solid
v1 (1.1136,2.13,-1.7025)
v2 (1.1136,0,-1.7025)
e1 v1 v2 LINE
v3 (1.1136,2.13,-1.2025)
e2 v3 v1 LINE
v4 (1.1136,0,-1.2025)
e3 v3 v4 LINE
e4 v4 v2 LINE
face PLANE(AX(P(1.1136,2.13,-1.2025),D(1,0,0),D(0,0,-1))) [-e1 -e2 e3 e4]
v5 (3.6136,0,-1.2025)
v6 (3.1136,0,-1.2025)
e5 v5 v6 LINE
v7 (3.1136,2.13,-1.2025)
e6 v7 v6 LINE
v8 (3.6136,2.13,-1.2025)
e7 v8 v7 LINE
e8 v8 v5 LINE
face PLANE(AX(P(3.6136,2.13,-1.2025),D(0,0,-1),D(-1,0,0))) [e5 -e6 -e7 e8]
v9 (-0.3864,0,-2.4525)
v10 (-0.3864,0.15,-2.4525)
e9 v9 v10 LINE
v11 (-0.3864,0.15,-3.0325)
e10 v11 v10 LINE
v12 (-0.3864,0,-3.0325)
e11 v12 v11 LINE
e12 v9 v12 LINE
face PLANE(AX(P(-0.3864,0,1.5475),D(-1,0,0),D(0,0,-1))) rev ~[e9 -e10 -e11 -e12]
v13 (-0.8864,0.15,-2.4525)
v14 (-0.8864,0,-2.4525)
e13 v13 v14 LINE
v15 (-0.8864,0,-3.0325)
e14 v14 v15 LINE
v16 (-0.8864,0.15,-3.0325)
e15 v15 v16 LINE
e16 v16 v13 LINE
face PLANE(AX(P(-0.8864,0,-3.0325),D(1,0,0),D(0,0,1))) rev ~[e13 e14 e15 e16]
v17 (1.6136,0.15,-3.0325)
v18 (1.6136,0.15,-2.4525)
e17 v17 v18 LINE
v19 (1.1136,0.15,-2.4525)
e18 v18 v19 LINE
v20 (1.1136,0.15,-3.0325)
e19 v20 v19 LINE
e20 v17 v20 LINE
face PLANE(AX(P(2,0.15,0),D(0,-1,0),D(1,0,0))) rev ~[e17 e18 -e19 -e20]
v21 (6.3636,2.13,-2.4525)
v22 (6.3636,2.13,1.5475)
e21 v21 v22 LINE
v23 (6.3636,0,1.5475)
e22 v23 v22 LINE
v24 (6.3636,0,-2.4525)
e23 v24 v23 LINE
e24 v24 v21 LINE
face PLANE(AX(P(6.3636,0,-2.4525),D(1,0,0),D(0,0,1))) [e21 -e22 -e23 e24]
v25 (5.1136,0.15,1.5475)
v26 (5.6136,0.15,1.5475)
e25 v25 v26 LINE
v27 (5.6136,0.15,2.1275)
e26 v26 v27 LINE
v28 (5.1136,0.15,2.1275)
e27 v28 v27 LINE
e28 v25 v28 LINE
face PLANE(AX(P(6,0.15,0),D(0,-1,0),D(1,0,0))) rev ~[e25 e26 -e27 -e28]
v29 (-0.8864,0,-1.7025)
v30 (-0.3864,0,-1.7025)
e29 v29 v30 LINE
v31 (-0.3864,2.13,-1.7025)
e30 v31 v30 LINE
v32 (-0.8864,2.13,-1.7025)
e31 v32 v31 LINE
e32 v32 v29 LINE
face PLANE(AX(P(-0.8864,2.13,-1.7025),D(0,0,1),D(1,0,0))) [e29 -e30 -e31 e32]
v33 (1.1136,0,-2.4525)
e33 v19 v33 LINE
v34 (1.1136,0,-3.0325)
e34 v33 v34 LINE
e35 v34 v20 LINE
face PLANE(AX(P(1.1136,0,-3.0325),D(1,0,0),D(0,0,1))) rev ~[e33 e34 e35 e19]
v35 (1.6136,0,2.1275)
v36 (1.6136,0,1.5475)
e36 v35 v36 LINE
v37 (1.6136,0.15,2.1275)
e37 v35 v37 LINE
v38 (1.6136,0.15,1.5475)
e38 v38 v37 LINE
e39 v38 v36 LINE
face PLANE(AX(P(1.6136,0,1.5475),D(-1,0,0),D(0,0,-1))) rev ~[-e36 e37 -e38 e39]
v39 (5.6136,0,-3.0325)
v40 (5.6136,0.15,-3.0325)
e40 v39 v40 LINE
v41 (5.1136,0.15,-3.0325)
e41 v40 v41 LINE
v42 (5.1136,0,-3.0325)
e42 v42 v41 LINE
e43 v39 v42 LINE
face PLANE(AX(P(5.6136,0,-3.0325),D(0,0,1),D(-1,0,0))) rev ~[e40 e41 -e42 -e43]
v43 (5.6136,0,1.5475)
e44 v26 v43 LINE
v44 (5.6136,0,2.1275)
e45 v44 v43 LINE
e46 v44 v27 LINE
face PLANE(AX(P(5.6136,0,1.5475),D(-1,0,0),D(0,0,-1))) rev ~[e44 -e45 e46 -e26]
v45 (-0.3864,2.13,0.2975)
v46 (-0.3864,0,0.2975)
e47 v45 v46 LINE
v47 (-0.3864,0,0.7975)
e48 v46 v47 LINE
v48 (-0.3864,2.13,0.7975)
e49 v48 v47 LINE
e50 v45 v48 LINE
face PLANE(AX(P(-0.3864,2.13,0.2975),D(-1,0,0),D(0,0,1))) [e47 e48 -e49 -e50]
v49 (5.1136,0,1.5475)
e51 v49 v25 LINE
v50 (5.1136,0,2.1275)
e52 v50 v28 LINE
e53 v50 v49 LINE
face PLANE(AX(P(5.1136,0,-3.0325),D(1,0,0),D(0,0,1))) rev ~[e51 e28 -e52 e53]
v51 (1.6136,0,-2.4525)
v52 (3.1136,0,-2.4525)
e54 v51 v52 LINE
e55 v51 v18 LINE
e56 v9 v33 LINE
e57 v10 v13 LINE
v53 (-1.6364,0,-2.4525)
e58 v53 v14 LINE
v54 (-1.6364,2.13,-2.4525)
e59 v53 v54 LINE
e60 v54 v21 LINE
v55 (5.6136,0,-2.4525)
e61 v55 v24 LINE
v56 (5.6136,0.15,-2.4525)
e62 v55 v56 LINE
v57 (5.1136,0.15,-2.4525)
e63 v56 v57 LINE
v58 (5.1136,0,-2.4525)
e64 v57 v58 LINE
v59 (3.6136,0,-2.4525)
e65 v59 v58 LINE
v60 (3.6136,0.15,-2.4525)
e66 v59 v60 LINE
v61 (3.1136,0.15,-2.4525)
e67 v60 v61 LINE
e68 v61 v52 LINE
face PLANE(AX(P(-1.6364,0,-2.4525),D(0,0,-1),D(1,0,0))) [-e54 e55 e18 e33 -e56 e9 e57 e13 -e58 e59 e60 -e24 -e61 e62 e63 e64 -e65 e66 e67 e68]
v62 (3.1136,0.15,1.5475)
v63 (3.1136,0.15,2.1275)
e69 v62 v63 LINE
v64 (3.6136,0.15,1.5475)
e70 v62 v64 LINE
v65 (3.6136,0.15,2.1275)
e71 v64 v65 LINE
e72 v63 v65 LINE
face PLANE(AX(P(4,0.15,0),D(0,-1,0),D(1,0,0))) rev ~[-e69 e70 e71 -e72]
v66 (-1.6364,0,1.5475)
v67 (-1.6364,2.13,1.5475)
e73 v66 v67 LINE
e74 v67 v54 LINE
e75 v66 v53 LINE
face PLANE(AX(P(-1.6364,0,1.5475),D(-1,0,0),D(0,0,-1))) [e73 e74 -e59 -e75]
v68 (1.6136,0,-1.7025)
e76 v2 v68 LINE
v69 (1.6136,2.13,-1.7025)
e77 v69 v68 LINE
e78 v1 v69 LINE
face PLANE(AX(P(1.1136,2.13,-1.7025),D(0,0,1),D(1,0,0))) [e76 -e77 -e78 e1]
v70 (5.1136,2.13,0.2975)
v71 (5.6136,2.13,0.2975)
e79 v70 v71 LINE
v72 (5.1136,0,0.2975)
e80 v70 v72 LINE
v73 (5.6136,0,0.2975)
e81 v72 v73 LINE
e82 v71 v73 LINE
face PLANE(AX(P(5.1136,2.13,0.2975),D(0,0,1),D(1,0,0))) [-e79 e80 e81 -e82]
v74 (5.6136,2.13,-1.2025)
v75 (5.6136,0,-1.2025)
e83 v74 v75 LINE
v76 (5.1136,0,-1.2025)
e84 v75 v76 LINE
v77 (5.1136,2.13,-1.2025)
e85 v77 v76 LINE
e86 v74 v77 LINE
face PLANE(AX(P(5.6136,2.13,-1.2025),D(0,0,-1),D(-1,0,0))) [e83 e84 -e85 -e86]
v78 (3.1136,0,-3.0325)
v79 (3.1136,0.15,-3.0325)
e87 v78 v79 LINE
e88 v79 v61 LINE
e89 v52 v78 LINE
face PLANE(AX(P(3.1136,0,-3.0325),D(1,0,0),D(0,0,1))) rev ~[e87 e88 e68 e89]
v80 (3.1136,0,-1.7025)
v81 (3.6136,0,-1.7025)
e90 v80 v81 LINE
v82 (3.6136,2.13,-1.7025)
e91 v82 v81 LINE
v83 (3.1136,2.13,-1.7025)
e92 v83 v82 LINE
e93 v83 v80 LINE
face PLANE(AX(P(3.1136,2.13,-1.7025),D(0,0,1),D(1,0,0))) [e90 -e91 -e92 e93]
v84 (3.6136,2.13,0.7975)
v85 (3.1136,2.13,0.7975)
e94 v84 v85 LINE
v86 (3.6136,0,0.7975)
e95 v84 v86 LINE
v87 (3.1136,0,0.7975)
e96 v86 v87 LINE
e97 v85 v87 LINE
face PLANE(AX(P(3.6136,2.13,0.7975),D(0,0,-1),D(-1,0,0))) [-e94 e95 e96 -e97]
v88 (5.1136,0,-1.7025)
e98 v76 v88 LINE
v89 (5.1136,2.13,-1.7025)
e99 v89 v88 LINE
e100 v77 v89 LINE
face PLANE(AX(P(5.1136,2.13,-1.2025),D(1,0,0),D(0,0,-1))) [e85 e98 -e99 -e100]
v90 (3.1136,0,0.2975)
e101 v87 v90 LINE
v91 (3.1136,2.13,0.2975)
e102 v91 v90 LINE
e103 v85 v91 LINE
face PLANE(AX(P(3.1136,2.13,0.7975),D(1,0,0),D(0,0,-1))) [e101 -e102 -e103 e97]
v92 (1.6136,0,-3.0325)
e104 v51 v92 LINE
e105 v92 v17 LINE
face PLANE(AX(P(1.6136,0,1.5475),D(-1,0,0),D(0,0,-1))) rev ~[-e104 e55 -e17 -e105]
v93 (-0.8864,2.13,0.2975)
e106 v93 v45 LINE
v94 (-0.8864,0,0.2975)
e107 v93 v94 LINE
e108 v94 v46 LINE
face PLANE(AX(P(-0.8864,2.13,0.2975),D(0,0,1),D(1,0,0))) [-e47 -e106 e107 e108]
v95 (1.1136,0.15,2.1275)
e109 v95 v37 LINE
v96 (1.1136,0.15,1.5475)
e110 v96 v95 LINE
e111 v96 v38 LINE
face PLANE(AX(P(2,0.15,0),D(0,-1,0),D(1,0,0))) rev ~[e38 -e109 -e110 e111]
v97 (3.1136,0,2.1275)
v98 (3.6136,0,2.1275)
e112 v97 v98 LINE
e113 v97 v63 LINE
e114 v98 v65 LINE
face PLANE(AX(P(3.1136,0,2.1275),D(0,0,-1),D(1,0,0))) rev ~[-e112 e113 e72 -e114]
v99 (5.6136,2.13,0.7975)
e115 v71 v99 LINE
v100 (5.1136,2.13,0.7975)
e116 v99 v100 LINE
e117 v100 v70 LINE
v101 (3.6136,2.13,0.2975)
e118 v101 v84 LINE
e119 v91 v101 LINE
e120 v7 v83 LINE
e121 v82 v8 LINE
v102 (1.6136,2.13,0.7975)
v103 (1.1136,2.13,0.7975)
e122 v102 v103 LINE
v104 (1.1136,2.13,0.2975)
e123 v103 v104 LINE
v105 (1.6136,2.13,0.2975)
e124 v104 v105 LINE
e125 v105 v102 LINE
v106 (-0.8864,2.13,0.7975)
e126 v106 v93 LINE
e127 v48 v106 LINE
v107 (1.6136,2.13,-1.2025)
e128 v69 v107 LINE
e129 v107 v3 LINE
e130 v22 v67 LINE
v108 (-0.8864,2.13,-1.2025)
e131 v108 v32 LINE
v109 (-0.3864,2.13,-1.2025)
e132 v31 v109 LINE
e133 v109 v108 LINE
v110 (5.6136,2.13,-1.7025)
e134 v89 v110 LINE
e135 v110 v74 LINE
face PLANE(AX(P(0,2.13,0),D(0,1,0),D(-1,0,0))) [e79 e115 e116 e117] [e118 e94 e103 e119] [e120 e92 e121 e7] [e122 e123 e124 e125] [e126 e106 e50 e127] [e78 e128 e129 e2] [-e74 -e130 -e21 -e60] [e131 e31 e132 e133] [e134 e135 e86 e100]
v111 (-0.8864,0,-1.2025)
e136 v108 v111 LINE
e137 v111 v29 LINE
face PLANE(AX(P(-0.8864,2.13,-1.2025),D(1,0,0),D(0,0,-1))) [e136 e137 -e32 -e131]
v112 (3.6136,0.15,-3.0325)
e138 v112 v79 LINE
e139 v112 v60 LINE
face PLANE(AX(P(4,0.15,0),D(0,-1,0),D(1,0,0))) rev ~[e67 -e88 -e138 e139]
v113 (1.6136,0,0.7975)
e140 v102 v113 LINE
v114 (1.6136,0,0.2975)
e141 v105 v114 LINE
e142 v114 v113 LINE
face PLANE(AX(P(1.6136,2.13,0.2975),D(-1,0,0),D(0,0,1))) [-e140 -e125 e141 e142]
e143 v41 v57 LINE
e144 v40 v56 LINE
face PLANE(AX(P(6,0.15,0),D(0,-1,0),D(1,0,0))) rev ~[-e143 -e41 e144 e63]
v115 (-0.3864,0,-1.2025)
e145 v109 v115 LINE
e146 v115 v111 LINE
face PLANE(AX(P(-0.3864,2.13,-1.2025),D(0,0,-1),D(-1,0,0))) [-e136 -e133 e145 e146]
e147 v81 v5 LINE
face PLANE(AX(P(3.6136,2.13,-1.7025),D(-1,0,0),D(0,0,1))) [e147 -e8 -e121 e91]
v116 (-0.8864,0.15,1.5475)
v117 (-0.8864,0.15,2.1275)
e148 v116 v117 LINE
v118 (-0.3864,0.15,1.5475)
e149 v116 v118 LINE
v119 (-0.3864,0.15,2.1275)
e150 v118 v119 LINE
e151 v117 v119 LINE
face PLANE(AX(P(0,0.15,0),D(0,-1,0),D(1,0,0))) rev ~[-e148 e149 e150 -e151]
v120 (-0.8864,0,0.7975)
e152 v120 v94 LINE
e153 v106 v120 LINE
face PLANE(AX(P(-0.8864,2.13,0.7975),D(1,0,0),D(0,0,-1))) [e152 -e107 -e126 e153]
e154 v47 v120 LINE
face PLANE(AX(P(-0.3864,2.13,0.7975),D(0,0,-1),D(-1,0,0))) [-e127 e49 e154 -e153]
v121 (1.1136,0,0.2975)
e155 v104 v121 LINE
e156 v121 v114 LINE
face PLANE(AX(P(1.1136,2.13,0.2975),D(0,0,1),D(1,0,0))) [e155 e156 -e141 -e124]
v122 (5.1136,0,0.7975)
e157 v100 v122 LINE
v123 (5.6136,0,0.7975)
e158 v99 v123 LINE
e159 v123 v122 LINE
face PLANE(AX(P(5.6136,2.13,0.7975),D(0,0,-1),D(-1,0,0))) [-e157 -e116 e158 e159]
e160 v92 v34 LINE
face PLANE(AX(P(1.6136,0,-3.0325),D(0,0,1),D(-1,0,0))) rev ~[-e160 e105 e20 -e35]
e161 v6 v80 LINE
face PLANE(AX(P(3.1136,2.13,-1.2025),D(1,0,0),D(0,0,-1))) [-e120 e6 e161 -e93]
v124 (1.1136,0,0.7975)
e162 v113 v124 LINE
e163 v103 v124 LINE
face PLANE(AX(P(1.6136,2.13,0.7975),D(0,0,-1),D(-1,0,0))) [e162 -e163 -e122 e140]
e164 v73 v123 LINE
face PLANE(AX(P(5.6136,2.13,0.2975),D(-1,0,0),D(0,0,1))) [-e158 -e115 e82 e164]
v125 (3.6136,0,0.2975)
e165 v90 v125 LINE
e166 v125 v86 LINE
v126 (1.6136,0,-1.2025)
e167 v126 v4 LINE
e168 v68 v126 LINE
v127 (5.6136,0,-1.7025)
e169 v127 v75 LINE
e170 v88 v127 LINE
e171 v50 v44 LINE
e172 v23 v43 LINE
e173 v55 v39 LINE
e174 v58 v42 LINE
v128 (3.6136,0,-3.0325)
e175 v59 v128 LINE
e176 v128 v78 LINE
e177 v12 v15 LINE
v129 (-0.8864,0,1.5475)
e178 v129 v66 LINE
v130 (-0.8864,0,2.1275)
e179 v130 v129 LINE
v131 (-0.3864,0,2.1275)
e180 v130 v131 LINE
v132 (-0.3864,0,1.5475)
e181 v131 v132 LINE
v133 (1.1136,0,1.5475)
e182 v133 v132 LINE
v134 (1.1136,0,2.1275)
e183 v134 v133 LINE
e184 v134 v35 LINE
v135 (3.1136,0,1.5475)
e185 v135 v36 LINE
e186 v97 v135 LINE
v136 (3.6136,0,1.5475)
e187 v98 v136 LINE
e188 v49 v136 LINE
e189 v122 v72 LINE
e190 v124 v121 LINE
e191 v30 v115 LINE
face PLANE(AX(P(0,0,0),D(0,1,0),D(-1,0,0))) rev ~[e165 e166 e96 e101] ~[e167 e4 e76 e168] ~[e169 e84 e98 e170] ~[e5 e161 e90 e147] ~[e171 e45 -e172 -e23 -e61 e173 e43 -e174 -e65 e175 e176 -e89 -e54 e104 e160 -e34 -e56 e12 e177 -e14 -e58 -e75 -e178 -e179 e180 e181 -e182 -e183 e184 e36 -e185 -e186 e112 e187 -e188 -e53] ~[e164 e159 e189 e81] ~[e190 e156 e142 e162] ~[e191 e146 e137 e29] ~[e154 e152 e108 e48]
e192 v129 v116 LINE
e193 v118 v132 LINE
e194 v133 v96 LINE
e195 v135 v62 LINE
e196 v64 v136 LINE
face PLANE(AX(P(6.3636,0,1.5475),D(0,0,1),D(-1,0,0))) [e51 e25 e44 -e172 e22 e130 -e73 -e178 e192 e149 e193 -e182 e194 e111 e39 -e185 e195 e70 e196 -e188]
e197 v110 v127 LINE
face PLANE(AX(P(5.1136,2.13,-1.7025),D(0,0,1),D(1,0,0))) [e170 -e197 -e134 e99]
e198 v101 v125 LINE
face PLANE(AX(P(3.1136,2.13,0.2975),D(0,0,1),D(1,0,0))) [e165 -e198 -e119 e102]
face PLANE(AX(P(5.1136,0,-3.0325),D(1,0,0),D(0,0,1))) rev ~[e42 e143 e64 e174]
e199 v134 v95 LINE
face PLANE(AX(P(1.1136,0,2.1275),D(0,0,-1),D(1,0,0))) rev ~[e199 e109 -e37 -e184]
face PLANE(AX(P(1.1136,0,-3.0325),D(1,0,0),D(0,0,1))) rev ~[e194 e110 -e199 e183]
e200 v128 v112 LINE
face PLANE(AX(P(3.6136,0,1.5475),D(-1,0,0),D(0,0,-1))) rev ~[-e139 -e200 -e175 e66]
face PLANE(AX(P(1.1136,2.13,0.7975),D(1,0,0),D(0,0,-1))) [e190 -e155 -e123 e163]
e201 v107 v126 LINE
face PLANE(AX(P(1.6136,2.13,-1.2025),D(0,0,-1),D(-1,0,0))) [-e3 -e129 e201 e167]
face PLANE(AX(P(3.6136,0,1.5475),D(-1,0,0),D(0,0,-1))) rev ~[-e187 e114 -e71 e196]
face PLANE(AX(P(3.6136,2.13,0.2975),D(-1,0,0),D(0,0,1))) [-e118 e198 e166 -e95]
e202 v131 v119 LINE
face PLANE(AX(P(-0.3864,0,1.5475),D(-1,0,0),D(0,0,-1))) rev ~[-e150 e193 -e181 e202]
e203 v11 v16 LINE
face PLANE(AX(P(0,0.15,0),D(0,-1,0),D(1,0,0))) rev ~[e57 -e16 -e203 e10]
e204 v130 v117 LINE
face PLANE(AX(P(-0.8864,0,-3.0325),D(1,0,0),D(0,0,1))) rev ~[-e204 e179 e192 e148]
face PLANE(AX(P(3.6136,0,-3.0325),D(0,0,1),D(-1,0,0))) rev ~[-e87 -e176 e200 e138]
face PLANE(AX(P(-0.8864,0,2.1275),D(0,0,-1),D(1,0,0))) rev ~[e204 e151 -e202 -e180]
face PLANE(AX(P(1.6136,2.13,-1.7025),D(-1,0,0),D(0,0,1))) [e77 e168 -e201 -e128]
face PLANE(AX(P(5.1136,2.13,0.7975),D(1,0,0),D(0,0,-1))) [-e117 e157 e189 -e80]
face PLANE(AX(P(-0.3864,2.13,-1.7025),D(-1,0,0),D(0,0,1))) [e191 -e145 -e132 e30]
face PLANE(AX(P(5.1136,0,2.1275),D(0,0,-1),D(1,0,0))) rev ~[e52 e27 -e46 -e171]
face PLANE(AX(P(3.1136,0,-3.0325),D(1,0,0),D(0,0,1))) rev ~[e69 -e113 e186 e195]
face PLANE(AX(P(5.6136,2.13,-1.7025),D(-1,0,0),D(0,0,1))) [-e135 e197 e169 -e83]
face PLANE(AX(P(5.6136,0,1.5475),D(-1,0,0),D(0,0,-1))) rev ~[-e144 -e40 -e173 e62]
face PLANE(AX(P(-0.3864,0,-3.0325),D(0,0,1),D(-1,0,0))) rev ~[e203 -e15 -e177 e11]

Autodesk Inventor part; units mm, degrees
ref_plane "YZ Plane" through (0, 0, 0) normal (1, 0, 0) x (0, 1, 0)
ref_plane "XZ Plane" through (0, 0, 0) normal (0, 1, 0) x (-1, 0, 0)
ref_plane "XY Plane" through (0, 0, 0) normal (0, 0, 1) x (1, 0, 0)
sketch "Sketch1" plane through (0, 0, 0) normal (0, 1, 0) x (-1, 0, 0)
  line L0 (-6.3636, 1.5475) -> (1.6364, 1.5475)
  line L1 (1.6364, 1.5475) -> (1.6364, -2.4525)
  line L2 (1.6364, -2.4525) -> (-6.3636, -2.4525)
  line L3 (-6.3636, -2.4525) -> (-6.3636, 1.5475)
  point P0 (0, 0)
  dimension "d0" = 4
  dimension "d1" = 8
extrude "Extrusion1" add sketch "Sketch1" along normal blind 2.13
sketch "Sketch3" plane through (0, 0, 0) normal (0, -1, 0) x (1, 0, 0)
  line L0 (6.3636, 1.5475) -> (-1.6364, 1.5475) projected
  line L1 (-1.6364, 1.5475) -> (-1.6364, -2.4525) projected
  line L2 (-0.8864, 2.1275) -> (-0.3864, 2.1275)
  line L3 (-0.3864, 2.1275) -> (-0.3864, -3.0325)
  line L4 (-0.3864, -3.0325) -> (-0.8864, -3.0325)
  line L5 (-0.8864, -3.0325) -> (-0.8864, 2.1275)
  point P0 (0, 0)
  dimension "d4" = 0.5
  dimension "d5" = 5.16
  dimension "d6" = 0.58
  dimension "d7" = 0.75
extrude "Extrusion2" add sketch "Sketch3" against normal blind 0.15
pattern_linear "Rectangular Pattern1" count 4 spacing 2 along (1, 0, 0) of "Extrusion2"
sketch "Sketch4" plane through (0, 2.13, 0) normal (0, 1, 0) x (1, 0, 0)
  line L0 (6.3636, 2.4525) -> (-1.6364, 2.4525) projected
  line L1 (-1.6364, 2.4525) -> (-1.6364, -1.5475) projected
  line L2 (-0.8864, 1.7025) -> (-0.3864, 1.7025)
  line L3 (-0.3864, 1.7025) -> (-0.3864, 1.2025)
  line L4 (-0.3864, 1.2025) -> (-0.8864, 1.2025)
  line L5 (-0.8864, 1.2025) -> (-0.8864, 1.7025)
  point P0 (0, 0)
  dimension "d13" = 0.5
  dimension "d14" = 0.5
  dimension "d15" = 0.75
  dimension "d16" = 0.75
extrude "Extrusion3" cut sketch "Sketch4" against normal through all
pattern_linear "Rectangular Pattern2" count 4 spacing 2 along (1, 0, 0) count 2 spacing 2 along (0, 0, 1) of "Extrusion3"
properties part number "2mm2Row8PosFemale"
